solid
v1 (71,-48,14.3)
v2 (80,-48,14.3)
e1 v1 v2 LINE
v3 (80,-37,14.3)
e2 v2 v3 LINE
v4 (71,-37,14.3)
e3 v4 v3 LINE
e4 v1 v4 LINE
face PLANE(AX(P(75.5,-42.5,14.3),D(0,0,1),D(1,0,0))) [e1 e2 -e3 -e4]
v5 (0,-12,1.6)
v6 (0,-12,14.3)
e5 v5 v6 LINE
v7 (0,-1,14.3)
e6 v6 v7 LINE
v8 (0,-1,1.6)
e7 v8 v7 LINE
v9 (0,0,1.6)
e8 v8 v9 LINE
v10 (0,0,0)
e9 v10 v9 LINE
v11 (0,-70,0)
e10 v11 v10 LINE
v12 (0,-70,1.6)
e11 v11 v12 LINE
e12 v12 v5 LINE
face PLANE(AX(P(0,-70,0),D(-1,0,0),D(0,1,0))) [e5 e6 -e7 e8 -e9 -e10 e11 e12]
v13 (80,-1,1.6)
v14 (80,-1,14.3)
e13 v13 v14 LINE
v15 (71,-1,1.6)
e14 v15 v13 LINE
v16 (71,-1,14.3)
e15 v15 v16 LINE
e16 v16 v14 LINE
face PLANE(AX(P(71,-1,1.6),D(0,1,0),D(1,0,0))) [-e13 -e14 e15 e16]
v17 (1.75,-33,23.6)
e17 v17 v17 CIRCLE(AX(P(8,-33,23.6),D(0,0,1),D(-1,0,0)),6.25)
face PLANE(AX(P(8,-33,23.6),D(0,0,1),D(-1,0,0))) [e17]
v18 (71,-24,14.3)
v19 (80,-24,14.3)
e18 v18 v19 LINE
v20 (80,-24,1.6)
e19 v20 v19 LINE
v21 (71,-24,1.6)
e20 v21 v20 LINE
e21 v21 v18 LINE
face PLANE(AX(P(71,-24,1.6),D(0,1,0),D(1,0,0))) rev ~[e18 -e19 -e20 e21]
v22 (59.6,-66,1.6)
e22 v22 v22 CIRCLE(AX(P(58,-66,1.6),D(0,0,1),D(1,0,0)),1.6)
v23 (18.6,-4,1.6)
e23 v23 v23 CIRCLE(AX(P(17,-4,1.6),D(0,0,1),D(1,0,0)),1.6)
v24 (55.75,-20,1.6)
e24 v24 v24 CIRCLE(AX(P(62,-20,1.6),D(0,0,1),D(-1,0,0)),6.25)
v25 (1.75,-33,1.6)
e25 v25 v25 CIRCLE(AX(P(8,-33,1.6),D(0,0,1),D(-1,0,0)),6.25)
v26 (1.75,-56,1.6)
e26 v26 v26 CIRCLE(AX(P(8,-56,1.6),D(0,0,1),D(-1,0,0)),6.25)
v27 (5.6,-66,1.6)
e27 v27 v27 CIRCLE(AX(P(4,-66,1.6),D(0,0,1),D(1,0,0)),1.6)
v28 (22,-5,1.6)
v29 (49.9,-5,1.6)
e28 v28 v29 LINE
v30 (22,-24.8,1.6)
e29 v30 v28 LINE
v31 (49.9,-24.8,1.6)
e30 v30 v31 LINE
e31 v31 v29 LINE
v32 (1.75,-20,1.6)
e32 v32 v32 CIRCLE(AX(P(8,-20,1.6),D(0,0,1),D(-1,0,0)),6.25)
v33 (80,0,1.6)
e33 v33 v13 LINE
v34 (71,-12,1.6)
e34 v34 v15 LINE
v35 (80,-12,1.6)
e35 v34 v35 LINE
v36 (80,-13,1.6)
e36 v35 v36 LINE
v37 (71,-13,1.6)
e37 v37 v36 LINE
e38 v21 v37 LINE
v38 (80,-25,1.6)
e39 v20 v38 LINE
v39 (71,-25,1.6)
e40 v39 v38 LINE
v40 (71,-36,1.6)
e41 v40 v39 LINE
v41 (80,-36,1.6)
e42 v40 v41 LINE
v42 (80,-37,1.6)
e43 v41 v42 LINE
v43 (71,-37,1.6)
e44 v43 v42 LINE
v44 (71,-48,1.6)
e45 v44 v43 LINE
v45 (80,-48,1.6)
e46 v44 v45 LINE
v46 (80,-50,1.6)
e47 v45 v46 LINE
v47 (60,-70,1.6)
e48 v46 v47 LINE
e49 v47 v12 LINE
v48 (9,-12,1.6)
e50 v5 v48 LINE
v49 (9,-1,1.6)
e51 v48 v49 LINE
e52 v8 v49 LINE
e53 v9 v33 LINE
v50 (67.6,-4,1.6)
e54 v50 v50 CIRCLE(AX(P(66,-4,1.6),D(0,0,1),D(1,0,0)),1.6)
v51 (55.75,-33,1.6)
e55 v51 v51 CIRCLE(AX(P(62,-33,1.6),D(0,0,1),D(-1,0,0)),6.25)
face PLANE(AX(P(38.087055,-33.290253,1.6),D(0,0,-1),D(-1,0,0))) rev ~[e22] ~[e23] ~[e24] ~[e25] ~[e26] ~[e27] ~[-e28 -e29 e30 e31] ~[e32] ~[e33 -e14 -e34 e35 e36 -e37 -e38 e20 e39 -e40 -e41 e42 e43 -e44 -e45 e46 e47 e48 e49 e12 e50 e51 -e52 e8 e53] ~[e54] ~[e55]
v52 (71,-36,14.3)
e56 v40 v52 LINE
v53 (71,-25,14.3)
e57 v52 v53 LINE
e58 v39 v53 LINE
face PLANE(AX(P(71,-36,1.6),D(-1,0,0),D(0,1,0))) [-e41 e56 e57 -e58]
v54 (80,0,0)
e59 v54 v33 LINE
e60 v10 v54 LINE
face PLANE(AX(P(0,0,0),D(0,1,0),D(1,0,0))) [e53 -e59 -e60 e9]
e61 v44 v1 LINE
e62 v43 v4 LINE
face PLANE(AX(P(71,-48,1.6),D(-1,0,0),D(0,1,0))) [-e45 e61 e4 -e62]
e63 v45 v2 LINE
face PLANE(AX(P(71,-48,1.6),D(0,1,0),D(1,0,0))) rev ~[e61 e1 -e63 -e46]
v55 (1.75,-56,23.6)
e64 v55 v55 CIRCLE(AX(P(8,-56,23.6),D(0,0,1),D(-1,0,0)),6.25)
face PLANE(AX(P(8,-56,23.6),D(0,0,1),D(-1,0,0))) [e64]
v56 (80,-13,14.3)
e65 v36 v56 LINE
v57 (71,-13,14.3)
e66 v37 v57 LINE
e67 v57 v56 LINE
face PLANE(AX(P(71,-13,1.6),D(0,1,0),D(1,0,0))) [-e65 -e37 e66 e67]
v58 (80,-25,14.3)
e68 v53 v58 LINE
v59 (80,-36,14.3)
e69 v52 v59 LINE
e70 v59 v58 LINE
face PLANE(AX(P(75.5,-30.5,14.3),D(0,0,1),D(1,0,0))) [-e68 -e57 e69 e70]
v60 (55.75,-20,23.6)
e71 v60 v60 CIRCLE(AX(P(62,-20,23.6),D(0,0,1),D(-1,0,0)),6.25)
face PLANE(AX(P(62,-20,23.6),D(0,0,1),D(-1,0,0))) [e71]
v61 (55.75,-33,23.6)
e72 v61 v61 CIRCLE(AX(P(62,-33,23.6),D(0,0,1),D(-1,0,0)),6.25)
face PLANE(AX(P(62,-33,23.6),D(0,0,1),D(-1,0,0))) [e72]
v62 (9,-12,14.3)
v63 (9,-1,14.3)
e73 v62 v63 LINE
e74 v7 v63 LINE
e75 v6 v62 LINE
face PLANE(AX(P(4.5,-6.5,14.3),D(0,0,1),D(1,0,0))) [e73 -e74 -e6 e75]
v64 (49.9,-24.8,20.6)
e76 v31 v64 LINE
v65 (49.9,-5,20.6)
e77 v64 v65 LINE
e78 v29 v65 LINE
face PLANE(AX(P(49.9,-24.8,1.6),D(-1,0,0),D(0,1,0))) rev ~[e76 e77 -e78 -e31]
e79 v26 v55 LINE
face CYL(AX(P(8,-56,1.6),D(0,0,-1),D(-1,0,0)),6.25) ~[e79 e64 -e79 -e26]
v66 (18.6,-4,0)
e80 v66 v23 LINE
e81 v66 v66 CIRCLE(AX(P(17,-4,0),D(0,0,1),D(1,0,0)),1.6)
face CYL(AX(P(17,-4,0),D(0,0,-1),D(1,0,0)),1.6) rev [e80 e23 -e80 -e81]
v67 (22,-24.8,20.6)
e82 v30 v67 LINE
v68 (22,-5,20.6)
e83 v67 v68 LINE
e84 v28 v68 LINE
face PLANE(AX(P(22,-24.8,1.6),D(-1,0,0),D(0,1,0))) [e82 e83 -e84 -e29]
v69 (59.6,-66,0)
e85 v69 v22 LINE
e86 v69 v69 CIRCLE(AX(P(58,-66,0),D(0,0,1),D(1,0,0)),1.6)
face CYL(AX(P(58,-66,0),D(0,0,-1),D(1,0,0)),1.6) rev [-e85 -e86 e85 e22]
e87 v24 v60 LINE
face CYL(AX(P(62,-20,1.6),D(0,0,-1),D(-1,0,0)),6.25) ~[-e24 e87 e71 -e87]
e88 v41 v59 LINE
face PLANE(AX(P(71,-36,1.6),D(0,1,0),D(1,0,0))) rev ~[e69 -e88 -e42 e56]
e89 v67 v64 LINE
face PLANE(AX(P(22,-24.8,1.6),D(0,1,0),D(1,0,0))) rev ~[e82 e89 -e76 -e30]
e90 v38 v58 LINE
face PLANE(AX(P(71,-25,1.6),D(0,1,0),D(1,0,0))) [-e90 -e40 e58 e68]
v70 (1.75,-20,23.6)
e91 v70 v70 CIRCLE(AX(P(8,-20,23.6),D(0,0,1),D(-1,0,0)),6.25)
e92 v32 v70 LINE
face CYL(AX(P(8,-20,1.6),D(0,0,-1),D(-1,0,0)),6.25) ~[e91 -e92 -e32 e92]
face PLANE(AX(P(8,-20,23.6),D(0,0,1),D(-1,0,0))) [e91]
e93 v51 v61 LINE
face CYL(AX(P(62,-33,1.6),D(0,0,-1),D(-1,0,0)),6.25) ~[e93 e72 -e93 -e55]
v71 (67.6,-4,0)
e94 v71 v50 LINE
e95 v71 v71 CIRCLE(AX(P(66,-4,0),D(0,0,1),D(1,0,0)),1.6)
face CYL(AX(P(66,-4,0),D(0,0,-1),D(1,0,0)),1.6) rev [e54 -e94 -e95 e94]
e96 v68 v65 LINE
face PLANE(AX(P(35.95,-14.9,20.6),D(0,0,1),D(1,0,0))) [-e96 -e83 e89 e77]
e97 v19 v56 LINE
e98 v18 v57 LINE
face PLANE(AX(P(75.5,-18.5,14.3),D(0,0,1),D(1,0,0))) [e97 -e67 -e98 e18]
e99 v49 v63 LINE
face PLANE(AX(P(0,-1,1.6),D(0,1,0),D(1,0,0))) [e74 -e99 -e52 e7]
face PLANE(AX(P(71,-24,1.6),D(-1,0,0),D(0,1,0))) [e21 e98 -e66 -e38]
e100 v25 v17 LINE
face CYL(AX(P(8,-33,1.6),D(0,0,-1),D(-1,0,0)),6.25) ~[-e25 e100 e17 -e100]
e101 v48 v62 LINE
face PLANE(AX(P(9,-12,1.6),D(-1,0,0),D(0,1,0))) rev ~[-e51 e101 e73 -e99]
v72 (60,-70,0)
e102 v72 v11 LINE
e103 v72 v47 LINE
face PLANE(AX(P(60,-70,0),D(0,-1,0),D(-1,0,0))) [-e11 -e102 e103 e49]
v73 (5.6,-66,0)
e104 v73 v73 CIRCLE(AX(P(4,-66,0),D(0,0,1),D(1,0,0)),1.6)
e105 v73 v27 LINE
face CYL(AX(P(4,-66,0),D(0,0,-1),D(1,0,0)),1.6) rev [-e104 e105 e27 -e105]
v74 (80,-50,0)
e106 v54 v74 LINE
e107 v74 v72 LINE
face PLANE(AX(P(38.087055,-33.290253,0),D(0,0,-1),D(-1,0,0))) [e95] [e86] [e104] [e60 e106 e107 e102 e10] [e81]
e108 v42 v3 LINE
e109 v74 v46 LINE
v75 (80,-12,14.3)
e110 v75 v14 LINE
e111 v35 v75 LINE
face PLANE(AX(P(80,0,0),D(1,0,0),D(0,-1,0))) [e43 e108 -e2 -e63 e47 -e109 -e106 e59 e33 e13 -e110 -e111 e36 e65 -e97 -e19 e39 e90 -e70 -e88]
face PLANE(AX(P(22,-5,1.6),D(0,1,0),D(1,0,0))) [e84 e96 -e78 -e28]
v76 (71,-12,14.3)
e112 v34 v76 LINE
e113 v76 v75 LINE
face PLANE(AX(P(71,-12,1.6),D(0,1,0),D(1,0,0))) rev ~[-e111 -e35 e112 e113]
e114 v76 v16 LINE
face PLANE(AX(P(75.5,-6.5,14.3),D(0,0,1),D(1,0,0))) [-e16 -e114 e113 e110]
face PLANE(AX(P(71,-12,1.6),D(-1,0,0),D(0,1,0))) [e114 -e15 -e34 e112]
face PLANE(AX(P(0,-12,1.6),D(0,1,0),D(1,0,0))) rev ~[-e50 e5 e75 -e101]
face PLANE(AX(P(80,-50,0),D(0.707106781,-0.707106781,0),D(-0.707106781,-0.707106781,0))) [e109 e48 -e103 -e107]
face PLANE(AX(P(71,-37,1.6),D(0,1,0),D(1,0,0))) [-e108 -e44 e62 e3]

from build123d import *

# Parameters (mm, degrees)
ESQUISSE1_R        = 1.6
BOSS_EXTRU_1_DEPTH = 1.6
ESQUISSE2_W        = 9
ESQUISSE2_H        = 11
BOSS_EXTRU_2_DEPTH = 12.7
ESQUISSE3_R        = 6.25
BOSS_EXTRU_3_DEPTH = 22
ESQUISSE4_W        = 27.9
ESQUISSE4_H        = 19.8
BOSS_EXTRU_4_DEPTH = 19


with BuildPart() as part:
    # Esquisse1 → Boss.-Extru.1 (new body)
    with BuildSketch(Plane.XY):
        Polygon((0, 0), (80, 0), (80, -50), (60, -70), (0, -70), align=None)
        with Locations((17, -4)):
            Circle(ESQUISSE1_R, mode=Mode.SUBTRACT)
        with Locations((66, -4)):
            Circle(ESQUISSE1_R, mode=Mode.SUBTRACT)
        with Locations((58, -66)):
            Circle(ESQUISSE1_R, mode=Mode.SUBTRACT)
        with Locations((4, -66)):
            Circle(ESQUISSE1_R, mode=Mode.SUBTRACT)
    extrude(amount=BOSS_EXTRU_1_DEPTH)

    # Esquisse2 → Boss.-Extru.2 (add)
    with BuildSketch(Plane.XY.offset(1.6)):
        with Locations((4.5, -6.5)):
            Rectangle(ESQUISSE2_W, ESQUISSE2_H)
        with Locations((75.5, -6.5)):
            Rectangle(ESQUISSE2_W, ESQUISSE2_H)
        with Locations((75.5, -18.5)):
            Rectangle(ESQUISSE2_W, ESQUISSE2_H)
        with Locations((75.5, -30.5)):
            Rectangle(ESQUISSE2_W, ESQUISSE2_H)
        with Locations((75.5, -42.5)):
            Rectangle(ESQUISSE2_W, ESQUISSE2_H)
    extrude(amount=BOSS_EXTRU_2_DEPTH)

    # Esquisse3 → Boss.-Extru.3 (add)
    with BuildSketch(Plane.XY.offset(1.6)):
        with Locations(Location((8, -20, 0), (0, 0, 180))):
            Circle(ESQUISSE3_R)
        with Locations(Location((8, -33, 0), (0, 0, 180))):
            Circle(ESQUISSE3_R)
        with Locations(Location((8, -56, 0), (0, 0, 180))):
            Circle(ESQUISSE3_R)
        with Locations(Location((62, -20, 0), (0, 0, 180))):
            Circle(ESQUISSE3_R)
        with Locations(Location((62, -33, 0), (0, 0, 180))):
            Circle(ESQUISSE3_R)
    extrude(amount=BOSS_EXTRU_3_DEPTH)

    # Esquisse4 → Boss.-Extru.4 (add)
    with BuildSketch(Plane.XY.offset(1.6)):
        with Locations((35.95, -14.9)):
            Rectangle(ESQUISSE4_W, ESQUISSE4_H)
    extrude(amount=BOSS_EXTRU_4_DEPTH)


solid = part.part
